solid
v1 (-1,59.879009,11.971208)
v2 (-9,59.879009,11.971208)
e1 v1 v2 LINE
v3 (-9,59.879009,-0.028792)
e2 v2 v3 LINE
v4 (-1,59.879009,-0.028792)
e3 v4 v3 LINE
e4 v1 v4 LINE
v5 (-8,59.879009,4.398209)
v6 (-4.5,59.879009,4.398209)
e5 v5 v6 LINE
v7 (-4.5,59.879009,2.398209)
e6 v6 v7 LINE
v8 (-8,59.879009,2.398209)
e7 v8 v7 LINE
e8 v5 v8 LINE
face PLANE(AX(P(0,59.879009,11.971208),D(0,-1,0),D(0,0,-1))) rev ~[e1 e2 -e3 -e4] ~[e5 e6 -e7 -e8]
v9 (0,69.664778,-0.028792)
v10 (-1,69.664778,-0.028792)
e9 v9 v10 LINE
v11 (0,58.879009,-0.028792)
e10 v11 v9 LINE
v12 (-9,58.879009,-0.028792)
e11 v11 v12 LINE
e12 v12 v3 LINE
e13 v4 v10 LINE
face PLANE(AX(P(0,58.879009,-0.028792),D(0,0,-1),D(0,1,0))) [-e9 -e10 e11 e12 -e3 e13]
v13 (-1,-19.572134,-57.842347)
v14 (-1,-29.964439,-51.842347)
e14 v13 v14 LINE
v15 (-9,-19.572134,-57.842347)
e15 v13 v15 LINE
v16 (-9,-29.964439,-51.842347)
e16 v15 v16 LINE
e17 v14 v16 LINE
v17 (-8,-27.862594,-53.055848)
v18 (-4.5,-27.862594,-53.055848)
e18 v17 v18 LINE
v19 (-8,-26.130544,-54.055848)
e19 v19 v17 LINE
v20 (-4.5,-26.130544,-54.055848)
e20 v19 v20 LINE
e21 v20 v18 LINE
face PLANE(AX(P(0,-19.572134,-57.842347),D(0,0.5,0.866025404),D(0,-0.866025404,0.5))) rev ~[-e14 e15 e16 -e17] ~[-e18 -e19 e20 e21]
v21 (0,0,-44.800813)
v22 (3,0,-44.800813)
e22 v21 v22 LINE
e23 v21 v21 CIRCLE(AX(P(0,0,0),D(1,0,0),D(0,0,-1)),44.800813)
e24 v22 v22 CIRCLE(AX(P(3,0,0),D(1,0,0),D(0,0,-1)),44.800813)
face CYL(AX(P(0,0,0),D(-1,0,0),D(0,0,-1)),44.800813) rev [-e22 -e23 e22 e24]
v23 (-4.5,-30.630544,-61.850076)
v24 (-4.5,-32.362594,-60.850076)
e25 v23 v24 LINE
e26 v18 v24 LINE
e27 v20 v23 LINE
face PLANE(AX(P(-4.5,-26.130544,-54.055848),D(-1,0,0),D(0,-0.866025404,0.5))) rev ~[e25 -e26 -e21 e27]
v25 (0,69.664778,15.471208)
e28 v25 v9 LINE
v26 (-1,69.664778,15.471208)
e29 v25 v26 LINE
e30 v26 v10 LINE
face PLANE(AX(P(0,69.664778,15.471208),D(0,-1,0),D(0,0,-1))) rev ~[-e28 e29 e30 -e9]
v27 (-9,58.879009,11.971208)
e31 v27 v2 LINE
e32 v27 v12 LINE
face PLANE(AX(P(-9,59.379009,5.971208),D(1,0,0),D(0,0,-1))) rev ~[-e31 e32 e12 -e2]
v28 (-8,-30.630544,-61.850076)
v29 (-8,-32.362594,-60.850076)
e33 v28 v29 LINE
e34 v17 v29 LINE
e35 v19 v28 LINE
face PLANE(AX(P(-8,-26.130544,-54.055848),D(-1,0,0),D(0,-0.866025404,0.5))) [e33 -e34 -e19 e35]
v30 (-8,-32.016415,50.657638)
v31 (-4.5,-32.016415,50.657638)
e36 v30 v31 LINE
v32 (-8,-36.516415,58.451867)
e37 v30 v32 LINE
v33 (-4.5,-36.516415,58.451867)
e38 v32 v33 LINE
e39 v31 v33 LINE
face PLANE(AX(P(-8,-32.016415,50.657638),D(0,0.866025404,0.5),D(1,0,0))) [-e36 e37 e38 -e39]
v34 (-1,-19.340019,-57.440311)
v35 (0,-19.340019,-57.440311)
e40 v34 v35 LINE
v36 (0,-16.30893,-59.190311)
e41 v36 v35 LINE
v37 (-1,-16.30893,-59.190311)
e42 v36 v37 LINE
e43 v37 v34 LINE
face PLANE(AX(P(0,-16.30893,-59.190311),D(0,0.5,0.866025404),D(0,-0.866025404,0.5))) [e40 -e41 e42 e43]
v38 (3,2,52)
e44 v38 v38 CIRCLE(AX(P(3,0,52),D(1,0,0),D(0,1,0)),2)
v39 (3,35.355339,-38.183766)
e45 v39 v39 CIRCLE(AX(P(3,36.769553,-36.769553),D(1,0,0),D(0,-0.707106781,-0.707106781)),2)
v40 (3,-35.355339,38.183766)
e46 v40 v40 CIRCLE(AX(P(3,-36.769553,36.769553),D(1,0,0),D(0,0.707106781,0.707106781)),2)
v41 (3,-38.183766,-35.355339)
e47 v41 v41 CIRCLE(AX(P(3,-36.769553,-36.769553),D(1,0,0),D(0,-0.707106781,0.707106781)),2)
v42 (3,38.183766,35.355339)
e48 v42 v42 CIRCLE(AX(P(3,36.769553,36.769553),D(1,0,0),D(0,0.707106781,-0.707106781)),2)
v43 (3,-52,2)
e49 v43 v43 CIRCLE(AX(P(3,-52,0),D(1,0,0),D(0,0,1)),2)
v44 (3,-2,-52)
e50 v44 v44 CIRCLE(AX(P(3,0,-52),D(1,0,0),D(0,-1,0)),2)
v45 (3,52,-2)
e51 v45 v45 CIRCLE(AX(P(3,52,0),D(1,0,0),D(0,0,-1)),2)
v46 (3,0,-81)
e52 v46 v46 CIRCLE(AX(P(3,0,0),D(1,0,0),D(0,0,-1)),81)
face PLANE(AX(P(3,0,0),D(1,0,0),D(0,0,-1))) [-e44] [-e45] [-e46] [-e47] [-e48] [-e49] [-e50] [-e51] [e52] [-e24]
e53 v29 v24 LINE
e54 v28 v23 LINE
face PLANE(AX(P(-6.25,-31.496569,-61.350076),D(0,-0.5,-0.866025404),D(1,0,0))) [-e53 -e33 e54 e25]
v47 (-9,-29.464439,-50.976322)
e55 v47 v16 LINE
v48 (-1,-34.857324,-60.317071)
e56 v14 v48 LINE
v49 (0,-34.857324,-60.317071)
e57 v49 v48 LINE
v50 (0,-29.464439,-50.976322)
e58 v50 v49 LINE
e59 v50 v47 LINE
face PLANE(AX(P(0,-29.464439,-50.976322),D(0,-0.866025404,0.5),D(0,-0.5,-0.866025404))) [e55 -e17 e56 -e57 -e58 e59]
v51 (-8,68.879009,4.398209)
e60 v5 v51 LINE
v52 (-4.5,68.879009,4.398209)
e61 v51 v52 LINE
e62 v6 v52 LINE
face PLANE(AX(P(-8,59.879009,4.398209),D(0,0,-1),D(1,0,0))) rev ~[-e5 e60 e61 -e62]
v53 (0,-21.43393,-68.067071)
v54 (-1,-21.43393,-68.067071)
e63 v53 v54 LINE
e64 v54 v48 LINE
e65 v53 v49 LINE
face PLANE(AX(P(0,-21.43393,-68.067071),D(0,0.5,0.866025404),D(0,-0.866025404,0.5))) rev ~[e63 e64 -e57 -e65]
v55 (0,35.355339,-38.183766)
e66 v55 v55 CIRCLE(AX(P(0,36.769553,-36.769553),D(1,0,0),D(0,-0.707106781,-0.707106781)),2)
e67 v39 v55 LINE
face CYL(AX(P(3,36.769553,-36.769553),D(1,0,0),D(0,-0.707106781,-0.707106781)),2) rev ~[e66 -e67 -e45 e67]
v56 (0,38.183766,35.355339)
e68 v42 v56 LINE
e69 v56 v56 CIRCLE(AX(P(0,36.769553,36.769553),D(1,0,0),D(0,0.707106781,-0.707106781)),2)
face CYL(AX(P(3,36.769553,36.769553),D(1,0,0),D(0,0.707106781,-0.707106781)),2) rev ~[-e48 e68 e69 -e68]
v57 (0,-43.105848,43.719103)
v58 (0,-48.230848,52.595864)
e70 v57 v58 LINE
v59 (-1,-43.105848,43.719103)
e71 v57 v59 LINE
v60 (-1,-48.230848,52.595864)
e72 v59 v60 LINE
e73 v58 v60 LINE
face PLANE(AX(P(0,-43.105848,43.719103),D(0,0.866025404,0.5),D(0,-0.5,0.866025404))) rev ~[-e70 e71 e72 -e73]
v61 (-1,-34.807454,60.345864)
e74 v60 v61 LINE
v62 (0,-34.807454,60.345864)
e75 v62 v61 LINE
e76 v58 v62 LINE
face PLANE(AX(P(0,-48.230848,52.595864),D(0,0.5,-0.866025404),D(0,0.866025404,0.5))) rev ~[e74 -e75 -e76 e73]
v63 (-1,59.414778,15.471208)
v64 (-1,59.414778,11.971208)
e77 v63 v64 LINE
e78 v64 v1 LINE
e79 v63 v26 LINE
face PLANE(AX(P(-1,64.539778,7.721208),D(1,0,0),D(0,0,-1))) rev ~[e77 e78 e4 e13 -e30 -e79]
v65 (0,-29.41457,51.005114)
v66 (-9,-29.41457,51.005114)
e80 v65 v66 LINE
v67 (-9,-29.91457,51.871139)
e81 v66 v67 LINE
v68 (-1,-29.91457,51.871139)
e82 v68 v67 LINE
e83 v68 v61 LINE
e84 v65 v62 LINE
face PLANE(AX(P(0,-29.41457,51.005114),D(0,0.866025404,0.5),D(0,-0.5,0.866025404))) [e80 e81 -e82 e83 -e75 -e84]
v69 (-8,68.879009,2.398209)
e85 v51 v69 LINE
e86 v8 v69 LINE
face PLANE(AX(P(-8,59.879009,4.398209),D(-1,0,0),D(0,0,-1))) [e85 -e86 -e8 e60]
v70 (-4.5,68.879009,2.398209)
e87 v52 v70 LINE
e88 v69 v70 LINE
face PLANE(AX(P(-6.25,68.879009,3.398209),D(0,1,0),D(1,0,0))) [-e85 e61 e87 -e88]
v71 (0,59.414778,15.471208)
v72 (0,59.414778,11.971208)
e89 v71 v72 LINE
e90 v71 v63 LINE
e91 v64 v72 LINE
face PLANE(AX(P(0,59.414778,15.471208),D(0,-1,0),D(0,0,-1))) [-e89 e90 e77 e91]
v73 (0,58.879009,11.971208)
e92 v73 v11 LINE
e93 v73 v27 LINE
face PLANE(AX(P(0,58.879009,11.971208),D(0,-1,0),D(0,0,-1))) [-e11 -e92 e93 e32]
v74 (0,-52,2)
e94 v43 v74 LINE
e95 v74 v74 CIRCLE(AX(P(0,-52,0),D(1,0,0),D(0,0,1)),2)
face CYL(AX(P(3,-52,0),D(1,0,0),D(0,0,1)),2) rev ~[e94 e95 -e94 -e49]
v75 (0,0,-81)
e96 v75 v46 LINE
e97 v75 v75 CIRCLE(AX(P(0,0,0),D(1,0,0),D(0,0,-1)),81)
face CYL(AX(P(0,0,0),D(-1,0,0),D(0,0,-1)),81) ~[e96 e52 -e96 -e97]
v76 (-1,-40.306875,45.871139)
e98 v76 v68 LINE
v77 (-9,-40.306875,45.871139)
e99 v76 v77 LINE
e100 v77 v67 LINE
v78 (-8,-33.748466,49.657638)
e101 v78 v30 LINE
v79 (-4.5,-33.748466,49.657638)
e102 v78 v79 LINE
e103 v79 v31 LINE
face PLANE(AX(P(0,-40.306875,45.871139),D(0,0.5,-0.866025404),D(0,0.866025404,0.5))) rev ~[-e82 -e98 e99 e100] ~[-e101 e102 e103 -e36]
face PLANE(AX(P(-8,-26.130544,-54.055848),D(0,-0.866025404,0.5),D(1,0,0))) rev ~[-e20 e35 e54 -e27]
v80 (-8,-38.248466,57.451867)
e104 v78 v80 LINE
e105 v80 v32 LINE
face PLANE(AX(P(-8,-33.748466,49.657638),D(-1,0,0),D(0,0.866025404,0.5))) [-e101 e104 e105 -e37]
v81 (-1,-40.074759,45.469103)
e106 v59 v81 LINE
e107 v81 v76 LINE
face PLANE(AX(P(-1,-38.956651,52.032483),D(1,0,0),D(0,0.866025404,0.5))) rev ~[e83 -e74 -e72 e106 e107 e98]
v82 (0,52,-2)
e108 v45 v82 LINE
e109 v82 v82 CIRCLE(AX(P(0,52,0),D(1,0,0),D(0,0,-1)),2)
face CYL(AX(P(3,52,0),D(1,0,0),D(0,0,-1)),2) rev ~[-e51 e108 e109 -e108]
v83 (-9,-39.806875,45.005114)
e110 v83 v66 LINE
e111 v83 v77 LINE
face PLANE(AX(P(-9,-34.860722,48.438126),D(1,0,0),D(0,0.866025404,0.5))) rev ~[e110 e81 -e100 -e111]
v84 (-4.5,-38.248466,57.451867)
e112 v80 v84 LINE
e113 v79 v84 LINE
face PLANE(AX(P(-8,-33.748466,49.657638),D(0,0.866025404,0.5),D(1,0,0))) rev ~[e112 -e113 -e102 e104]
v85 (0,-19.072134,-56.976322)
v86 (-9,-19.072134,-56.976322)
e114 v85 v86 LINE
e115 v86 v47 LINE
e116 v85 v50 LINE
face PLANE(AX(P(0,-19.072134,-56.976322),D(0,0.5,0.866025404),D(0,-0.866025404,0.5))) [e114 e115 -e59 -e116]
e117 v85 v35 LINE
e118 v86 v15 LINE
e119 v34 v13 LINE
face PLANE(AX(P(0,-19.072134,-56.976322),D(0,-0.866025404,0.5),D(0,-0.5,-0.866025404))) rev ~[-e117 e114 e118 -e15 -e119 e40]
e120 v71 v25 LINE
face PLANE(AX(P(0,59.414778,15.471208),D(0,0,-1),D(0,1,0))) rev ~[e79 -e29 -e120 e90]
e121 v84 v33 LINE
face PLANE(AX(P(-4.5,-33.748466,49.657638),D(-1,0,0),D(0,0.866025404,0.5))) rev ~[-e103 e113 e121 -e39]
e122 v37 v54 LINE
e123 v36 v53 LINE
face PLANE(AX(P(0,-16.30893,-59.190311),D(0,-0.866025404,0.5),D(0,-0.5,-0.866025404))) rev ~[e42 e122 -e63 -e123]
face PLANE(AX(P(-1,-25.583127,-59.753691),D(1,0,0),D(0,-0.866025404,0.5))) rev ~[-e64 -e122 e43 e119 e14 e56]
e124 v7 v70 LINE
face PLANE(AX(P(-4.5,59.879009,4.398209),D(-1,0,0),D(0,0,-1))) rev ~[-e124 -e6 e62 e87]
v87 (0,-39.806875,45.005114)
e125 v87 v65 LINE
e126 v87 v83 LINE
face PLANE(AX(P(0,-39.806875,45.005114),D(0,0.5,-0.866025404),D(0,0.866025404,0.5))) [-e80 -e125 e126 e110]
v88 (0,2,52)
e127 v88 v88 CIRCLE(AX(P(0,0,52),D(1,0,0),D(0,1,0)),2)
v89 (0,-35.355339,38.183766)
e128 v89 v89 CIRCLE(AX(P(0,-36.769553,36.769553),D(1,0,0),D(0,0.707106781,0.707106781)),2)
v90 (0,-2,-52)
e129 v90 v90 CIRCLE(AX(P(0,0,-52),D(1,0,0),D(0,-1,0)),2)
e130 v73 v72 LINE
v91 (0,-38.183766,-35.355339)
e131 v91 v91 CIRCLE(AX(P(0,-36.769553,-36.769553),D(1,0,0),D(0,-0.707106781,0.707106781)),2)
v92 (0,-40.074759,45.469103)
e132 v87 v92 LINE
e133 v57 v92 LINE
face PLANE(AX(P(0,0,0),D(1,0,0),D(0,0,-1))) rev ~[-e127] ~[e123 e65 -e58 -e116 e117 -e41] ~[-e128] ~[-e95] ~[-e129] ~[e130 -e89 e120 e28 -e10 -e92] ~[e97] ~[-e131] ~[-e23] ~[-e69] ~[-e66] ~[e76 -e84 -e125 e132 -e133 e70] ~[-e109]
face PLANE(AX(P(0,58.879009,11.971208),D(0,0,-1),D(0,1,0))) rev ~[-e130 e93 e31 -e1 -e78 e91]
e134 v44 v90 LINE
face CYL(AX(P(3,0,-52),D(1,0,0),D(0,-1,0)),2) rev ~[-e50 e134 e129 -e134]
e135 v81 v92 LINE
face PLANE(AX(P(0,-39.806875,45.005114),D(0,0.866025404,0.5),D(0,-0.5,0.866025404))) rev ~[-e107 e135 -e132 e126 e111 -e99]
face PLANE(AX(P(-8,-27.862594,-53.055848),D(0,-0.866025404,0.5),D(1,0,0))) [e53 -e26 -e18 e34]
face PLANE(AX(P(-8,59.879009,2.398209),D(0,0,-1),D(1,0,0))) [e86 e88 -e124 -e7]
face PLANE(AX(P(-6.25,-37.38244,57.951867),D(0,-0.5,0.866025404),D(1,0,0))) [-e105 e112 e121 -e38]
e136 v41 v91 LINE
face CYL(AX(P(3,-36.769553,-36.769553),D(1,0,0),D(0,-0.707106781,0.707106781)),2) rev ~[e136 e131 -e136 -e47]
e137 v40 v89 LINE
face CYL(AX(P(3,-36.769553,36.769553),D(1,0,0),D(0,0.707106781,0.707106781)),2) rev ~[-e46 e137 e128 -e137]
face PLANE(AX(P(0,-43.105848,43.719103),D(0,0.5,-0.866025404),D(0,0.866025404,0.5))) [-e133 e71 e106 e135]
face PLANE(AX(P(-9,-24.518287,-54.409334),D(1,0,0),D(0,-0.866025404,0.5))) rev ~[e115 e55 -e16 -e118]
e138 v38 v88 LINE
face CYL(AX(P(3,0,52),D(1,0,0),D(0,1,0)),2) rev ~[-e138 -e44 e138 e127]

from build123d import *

# Parameters (mm, degrees)
SKETCH1_R           = 81
SKETCH1_R_2         = 44.800813008
BOSS_EXTRUDE1_DEPTH = 3
SKETCH2_R           = 2
CUT_EXTRUDE1_DEPTH  = 3
CIRPATTERN1_COUNT   = 8
SKETCH3_W           = 15.5
SKETCH3_H           = 10.25
BOSS_EXTRUDE2_DEPTH = 1
SKETCH4_W           = 12
SKETCH4_H           = 1
BOSS_EXTRUDE3_DEPTH = 9
SKETCH5_W           = 3.5
SKETCH5_H           = 2
BOSS_EXTRUDE4_DEPTH = 9
CIRPATTERN5_COUNT   = 3


with BuildPart() as part:
    # Sketch1 → Boss-Extrude1 (new body)
    with BuildSketch(Plane(origin=(0, 0, 0), x_dir=(0, 0, -1), z_dir=(1, 0, 0))):
        Circle(SKETCH1_R)
        Circle(SKETCH1_R_2, mode=Mode.SUBTRACT)
    extrude(amount=BOSS_EXTRUDE1_DEPTH)

    # Sketch2 → Cut-Extrude1 (cut)
    with BuildSketch(Plane(origin=(3, 0, 0), x_dir=(0, 0, -1), z_dir=(1, 0, 0))):
        with Locations((0, 52)):
            Circle(SKETCH2_R)
    cut_extrude1 = extrude(amount=-CUT_EXTRUDE1_DEPTH, mode=Mode.SUBTRACT)

    # CirPattern1: Cut-Extrude1 ×8 about axis
    cirpattern1_axis = Axis((0, 0, 0), (1, 0, 0))
    for i in range(1, CIRPATTERN1_COUNT):
        add(cut_extrude1.rotate(cirpattern1_axis, i * 360 / CIRPATTERN1_COUNT), mode=Mode.SUBTRACT)

    # Sketch3 → Boss-Extrude2 (add)
    with BuildSketch(Plane(origin=(0, 0, 0), x_dir=(0, 0, -1), z_dir=(1, 0, 0))):
        with Locations((-7.721207901, 64.539778033)):
            Rectangle(SKETCH3_W, SKETCH3_H)
    boss_extrude2 = extrude(amount=-BOSS_EXTRUDE2_DEPTH)

    # Sketch4 → Boss-Extrude3 (add)
    with BuildSketch(Plane(origin=(0, 0, 0), x_dir=(0, 0, -1), z_dir=(1, 0, 0))):
        with Locations((-5.971207901, 59.379009095)):
            Rectangle(SKETCH4_W, SKETCH4_H)
    boss_extrude3 = extrude(amount=-BOSS_EXTRUDE3_DEPTH)

    # Sketch5 → Boss-Extrude4 (add)
    with BuildSketch(Plane(origin=(0, 59.879009095, 0), x_dir=(1, 0, 0), z_dir=(0, 1, 0))):
        with Locations((-6.25, -3.398209268)):
            Rectangle(SKETCH5_W, SKETCH5_H)
    boss_extrude4 = extrude(amount=BOSS_EXTRUDE4_DEPTH)

    # CirPattern5: Boss-Extrude2, Boss-Extrude3, Boss-Extrude4 ×3 about axis
    cirpattern5_axis = Axis((0, 0, 0), (1, 0, 0))
    add([boss_extrude2.rotate(cirpattern5_axis, i * 360 / CIRPATTERN5_COUNT) for i in range(1, CIRPATTERN5_COUNT)])
    add([boss_extrude3.rotate(cirpattern5_axis, i * 360 / CIRPATTERN5_COUNT) for i in range(1, CIRPATTERN5_COUNT)])
    add([boss_extrude4.rotate(cirpattern5_axis, i * 360 / CIRPATTERN5_COUNT) for i in range(1, CIRPATTERN5_COUNT)])


solid = part.part
